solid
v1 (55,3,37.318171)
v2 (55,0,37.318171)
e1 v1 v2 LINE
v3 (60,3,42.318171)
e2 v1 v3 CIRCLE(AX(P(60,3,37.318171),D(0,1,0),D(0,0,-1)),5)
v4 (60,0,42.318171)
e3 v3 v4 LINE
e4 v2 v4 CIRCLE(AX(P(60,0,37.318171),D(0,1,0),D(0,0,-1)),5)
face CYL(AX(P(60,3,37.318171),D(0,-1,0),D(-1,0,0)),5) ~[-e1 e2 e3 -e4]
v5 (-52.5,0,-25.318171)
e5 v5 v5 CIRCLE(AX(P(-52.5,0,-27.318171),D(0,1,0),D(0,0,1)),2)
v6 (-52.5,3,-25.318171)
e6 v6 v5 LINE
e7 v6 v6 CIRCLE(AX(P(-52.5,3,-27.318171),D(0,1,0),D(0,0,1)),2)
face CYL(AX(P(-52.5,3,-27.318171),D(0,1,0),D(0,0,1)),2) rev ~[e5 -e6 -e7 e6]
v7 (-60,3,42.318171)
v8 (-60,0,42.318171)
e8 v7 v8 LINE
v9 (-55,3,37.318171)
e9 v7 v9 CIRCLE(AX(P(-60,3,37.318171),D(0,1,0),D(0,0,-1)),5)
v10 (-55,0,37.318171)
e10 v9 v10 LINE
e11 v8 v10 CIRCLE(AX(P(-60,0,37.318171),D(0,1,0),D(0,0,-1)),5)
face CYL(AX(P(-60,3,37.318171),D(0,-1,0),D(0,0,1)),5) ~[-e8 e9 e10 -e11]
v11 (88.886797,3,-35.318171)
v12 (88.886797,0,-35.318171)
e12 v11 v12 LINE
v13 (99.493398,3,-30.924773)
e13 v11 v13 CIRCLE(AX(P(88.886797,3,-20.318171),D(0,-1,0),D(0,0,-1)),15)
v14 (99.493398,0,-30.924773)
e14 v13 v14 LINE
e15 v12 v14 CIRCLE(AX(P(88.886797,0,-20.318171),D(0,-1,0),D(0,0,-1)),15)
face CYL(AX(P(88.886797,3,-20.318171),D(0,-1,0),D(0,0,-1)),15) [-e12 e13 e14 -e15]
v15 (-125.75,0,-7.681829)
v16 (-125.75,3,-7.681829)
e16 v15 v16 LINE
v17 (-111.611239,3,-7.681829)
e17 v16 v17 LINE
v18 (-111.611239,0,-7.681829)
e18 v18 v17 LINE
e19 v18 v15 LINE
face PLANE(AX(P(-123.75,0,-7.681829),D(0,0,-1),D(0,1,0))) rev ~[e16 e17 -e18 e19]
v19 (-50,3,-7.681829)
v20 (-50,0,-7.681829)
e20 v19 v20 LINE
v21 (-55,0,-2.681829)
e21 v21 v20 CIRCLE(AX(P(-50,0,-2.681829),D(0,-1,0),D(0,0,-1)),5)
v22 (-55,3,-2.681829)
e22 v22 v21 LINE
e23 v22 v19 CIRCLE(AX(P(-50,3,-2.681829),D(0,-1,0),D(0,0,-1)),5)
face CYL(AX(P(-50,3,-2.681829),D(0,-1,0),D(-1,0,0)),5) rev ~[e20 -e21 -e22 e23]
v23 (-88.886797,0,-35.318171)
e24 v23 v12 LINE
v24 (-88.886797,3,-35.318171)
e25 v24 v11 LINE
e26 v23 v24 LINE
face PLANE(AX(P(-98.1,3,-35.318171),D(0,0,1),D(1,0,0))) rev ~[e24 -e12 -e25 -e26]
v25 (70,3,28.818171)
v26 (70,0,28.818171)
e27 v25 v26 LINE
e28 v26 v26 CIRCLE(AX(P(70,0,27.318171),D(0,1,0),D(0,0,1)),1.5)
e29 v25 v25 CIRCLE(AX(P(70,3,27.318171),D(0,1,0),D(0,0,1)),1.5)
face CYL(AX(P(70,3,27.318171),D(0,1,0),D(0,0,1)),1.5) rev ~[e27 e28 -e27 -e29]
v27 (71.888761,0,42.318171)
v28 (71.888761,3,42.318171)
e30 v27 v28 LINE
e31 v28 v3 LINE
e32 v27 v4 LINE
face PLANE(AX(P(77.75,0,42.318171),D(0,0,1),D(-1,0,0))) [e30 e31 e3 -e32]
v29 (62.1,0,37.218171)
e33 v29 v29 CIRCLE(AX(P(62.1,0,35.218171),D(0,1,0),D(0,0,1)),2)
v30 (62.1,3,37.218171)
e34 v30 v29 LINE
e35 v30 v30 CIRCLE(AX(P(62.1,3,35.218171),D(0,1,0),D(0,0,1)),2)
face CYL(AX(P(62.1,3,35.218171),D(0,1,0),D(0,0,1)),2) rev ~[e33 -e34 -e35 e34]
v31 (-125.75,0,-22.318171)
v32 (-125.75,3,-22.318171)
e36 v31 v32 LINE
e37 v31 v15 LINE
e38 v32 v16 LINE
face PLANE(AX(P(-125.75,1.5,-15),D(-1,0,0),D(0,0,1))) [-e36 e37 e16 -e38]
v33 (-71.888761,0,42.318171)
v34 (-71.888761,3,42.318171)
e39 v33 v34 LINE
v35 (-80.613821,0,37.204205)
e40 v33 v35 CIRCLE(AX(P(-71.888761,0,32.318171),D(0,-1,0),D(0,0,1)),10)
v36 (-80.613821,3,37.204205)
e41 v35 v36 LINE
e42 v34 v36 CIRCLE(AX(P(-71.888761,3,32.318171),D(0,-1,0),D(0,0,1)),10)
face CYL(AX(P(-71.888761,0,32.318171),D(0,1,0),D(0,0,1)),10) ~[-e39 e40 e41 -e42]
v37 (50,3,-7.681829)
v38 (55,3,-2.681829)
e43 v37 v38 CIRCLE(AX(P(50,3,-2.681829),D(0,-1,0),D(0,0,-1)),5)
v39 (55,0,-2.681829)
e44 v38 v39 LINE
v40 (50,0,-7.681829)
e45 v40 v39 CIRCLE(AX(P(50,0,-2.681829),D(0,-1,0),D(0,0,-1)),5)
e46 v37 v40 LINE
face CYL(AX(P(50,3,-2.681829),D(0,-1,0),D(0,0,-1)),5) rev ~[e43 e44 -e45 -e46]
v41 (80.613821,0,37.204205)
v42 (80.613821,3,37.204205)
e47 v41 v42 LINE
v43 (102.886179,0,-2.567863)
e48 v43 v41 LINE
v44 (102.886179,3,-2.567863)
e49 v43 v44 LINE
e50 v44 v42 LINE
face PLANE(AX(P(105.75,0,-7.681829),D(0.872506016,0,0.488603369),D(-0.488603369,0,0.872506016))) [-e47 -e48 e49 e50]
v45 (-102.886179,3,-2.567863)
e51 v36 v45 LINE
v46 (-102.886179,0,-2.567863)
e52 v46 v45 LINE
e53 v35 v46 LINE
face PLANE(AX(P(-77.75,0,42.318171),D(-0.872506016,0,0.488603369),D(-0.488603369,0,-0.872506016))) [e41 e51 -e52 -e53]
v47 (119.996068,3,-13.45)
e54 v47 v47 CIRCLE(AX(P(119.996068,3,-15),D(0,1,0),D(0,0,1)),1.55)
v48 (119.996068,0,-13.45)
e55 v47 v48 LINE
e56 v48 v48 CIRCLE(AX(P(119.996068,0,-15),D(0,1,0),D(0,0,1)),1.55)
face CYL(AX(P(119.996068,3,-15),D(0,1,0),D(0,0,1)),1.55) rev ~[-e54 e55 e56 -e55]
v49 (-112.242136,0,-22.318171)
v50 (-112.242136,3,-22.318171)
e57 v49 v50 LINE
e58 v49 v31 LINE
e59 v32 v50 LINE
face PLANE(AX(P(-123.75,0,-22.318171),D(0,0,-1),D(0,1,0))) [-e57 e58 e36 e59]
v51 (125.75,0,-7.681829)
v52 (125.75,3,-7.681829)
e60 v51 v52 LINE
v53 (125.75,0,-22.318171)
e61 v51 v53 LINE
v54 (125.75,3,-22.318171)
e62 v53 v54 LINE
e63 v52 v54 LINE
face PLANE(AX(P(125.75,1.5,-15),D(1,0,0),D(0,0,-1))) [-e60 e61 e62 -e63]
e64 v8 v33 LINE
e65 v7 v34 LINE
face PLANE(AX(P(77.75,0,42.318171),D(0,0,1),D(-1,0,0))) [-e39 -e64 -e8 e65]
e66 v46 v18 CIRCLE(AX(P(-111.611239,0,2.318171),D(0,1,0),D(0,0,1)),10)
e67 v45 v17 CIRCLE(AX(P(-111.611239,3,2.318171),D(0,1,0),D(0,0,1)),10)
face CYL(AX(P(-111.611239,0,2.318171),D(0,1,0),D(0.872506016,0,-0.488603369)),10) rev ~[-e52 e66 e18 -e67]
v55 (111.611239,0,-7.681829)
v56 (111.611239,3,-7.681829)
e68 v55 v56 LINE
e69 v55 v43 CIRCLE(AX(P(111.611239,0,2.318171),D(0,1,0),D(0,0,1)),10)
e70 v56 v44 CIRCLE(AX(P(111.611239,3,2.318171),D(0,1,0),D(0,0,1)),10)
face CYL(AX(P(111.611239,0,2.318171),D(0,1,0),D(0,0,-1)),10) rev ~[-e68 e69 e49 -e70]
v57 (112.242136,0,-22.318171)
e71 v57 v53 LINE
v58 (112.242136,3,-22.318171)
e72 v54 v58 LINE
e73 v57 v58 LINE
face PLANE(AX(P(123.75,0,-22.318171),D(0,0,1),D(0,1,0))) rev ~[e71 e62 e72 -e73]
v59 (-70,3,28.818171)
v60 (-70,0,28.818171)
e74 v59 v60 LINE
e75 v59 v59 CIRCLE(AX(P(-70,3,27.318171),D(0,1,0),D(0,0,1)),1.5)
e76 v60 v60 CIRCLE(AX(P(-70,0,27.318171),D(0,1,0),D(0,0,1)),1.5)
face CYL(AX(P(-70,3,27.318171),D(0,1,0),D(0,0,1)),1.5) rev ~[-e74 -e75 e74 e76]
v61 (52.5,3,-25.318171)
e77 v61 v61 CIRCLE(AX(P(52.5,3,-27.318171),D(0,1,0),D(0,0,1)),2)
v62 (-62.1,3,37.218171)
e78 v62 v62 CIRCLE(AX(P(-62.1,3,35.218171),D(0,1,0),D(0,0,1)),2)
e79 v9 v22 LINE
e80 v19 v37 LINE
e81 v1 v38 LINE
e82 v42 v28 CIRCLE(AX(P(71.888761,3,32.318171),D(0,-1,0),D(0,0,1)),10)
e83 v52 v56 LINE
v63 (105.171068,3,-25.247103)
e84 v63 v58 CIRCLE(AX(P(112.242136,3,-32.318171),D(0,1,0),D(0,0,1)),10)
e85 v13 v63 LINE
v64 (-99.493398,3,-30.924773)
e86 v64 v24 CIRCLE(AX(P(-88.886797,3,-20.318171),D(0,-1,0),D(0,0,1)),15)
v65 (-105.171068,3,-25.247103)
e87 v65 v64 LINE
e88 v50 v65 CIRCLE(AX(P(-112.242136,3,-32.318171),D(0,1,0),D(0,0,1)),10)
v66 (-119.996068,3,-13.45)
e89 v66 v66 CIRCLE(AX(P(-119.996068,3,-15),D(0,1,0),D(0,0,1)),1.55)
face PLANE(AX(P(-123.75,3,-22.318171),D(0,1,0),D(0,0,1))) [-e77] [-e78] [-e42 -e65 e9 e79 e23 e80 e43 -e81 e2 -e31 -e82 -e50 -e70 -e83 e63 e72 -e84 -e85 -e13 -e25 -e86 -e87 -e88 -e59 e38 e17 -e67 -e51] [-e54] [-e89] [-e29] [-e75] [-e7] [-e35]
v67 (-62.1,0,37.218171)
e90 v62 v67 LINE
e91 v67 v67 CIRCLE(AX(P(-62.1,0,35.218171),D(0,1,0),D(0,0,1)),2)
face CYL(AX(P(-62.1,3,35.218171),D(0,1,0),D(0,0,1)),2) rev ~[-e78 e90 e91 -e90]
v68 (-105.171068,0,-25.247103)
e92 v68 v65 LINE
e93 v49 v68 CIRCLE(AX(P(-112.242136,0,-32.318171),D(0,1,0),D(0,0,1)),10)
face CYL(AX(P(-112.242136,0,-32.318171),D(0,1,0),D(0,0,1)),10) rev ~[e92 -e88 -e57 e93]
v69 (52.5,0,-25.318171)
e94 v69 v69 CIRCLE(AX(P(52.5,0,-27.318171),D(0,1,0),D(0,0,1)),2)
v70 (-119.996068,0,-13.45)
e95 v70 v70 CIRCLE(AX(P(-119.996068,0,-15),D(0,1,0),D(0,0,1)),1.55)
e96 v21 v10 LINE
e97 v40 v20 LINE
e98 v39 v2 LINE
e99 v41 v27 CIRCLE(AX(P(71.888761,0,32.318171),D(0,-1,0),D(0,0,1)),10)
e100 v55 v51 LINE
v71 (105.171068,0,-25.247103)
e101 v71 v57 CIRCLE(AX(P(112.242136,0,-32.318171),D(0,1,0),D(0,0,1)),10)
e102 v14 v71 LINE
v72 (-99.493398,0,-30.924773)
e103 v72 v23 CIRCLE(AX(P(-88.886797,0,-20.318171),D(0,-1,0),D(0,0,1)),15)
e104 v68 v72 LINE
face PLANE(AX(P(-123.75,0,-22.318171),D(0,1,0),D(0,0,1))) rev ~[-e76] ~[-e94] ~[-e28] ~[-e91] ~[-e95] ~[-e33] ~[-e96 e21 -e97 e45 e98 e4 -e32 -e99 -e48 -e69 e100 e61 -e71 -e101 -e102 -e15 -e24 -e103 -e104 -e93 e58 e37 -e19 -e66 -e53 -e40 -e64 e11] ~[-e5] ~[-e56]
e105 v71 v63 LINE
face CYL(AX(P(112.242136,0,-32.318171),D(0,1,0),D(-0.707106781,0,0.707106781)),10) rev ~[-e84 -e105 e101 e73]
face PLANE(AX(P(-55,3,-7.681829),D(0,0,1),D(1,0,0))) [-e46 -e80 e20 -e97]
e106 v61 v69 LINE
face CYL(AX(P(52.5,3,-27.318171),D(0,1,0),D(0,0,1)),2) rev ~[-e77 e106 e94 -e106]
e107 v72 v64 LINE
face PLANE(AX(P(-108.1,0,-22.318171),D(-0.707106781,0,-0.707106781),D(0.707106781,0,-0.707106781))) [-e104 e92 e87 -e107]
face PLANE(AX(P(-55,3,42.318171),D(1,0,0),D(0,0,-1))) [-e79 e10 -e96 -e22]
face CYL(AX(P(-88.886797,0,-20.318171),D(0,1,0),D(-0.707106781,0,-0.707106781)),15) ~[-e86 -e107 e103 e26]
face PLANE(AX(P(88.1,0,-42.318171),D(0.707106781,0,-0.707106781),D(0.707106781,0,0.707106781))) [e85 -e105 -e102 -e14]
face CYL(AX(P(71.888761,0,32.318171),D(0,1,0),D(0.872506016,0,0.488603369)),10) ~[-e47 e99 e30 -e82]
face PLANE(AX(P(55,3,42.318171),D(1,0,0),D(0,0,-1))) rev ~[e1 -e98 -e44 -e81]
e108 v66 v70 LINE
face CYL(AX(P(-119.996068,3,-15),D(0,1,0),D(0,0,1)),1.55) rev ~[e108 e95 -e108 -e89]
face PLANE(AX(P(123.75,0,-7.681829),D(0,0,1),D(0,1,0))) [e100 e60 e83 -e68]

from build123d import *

# Parameters (mm, degrees)
SALIENTE_EXTRUIR1_DEPTH = 3
REDONDEO1_R             = 10
CROQUIS2_R              = 1.5
CROQUIS2_R_2            = 1.55
CORTAR_EXTRUIR1_DEPTH   = 135.610141171
CROQUIS4_W              = 110
CROQUIS4_H              = 50
CORTAR_EXTRUIR2_DEPTH   = 135.610141171
REDONDEO2_R             = 5
CROQUIS5_W              = 4
CROQUIS5_H              = 14.636342218
CORTAR_EXTRUIR3_DEPTH   = 135.610141171
CROQUIS6_W              = 14.636342218
CROQUIS6_H              = 3
SALIENTE_EXTRUIR2_DEPTH = 2
CROQUIS8_W              = 14.636342218
CROQUIS8_H              = 3
SALIENTE_EXTRUIR3_DEPTH = 2
CROQUIS9_W              = 196.2
CROQUIS9_H              = 31.087527503
CORTAR_EXTRUIR4_DEPTH   = 133.713564137
CROQUIS10_R             = 2
CORTAR_EXTRUIR5_DEPTH   = 133.713564137
REDONDEO6_R             = 15
CROQUIS11_R             = 2
CORTAR_EXTRUIR6_DEPTH   = 10


with BuildPart() as part:
    # Croquis1 → Saliente-Extruir1 (new body)
    with BuildSketch(Plane(origin=(0, 0, 0), x_dir=(1, 0, 0), z_dir=(0, 1, 0))):
        Polygon((-88.1, 42.318171109), (88.1, 42.318171109), (108.1, 22.318171109), (127.75, 22.318171109), (127.75, 7.681828891), (105.75, 7.681828891), (77.75, -42.318171109), (-77.75, -42.318171109), (-105.75, 7.681828891), (-127.75, 7.681828891), (-127.75, 22.318171109), (-108.1, 22.318171109), align=None)
    extrude(amount=SALIENTE_EXTRUIR1_DEPTH)

    # Redondeo1
    redondeo1_edges = [part.edges().sort_by_distance(p)[0] for p in [
        (-88.1, 1.5, -42.318171109),
        (88.1, 1.5, -42.318171109),
        (108.1, 1.5, -22.318171109),
        (105.75, 1.5, -7.681828891),
        (77.75, 1.5, 42.318171109),
        (-77.75, 1.5, 42.318171109),
        (-105.75, 1.5, -7.681828891),
        (-108.1, 1.5, -22.318171109),
    ]]
    fillet(redondeo1_edges, radius=REDONDEO1_R)

    # Croquis2 → Cortar-Extruir1 (cut, through all)
    with BuildSketch(Plane(origin=(0, 3, 0), x_dir=(1, 0, 0), z_dir=(0, 1, 0))):
        with Locations(Location((70, -27.318171109, 0), (0, 0, 270))):
            Circle(CROQUIS2_R)
        with Locations(Location((-70, -27.318171109, 0), (0, 0, 270))):
            Circle(CROQUIS2_R)
        with Locations(Location((-119.996067812, 15, 0), (0, 0, 270))):
            Circle(CROQUIS2_R_2)
        with Locations(Location((119.996067812, 15, 0), (0, 0, 270))):
            Circle(CROQUIS2_R_2)
        with Locations(Location((-17.5, -17.318171109, 0), (0, 0, 270))):
            Circle(CROQUIS2_R)
        with Locations(Location((17.5, -17.318171109, 0), (0, 0, 270))):
            Circle(CROQUIS2_R)
        with Locations(Location((-17.5, -37.318171109, 0), (0, 0, 270))):
            Circle(CROQUIS2_R)
        with Locations(Location((17.5, -37.318171109, 0), (0, 0, 270))):
            Circle(CROQUIS2_R)
    extrude(amount=-CORTAR_EXTRUIR1_DEPTH, mode=Mode.SUBTRACT)

    # Croquis4 → Cortar-Extruir2 (cut, through all)
    with BuildSketch(Plane(origin=(0, 3, 0), x_dir=(1, 0, 0), z_dir=(0, 1, 0))):
        with Locations((0, -17.318171109)):
            Rectangle(CROQUIS4_W, CROQUIS4_H)
    extrude(amount=-CORTAR_EXTRUIR2_DEPTH, mode=Mode.SUBTRACT)

    # Redondeo2
    redondeo2_edges = [part.edges().sort_by_distance(p)[0] for p in [
        (55, 1.5, 42.318171109),
        (-55, 1.5, 42.318171109),
        (-55, 1.5, -7.681828891),
        (55, 1.5, -7.681828891),
    ]]
    fillet(redondeo2_edges, radius=REDONDEO2_R)

    # Croquis5 → Cortar-Extruir3 (cut, through all)
    with BuildSketch(Plane(origin=(0, 3, 0), x_dir=(1, 0, 0), z_dir=(0, 1, 0))):
        with Locations((-125.75, 15)):
            Rectangle(CROQUIS5_W, CROQUIS5_H)
        with Locations((125.75, 15)):
            Rectangle(CROQUIS5_W, CROQUIS5_H)
    extrude(amount=-CORTAR_EXTRUIR3_DEPTH, mode=Mode.SUBTRACT)

    # Croquis6 → Saliente-Extruir2 (add)
    with BuildSketch(Plane(origin=(123.75, 0, 0), x_dir=(0, 0, -1), z_dir=(1, 0, 0))):
        with Locations((15, 1.5)):
            Rectangle(CROQUIS6_W, CROQUIS6_H)
    extrude(amount=SALIENTE_EXTRUIR2_DEPTH)

    # Croquis8 → Saliente-Extruir3 (add)
    with BuildSketch(Plane.ZY.offset(123.75)):
        with Locations((-15, 1.5)):
            Rectangle(CROQUIS8_W, CROQUIS8_H)
    extrude(amount=SALIENTE_EXTRUIR3_DEPTH)

    # Croquis9 → Cortar-Extruir4 (cut, through all)
    with BuildSketch(Plane(origin=(0, 3, 0), x_dir=(1, 0, 0), z_dir=(0, 1, 0))):
        with Locations((0, 50.861934861)):
            Rectangle(CROQUIS9_W, CROQUIS9_H)
    extrude(amount=-CORTAR_EXTRUIR4_DEPTH, mode=Mode.SUBTRACT)

    # Croquis10 → Cortar-Extruir5 (cut, through all)
    with BuildSketch(Plane(origin=(0, 3, 0), x_dir=(1, 0, 0), z_dir=(0, 1, 0))):
        with Locations(Location((-52.5, 27.318171109, 0), (0, 0, 270))):
            Circle(CROQUIS10_R)
        with Locations(Location((52.5, 27.318171109, 0), (0, 0, 270))):
            Circle(CROQUIS10_R)
    extrude(amount=-CORTAR_EXTRUIR5_DEPTH, mode=Mode.SUBTRACT)

    # Redondeo6
    redondeo6_edges = [part.edges().sort_by_distance(p)[0] for p in [
        (-95.1, 1.5, -35.318171109),
        (95.1, 1.5, -35.318171109),
    ]]
    fillet(redondeo6_edges, radius=REDONDEO6_R)

    # Croquis11 → Cortar-Extruir6 (cut)
    with BuildSketch(Plane(origin=(0, 3, 0), x_dir=(1, 0, 0), z_dir=(0, 1, 0))):
        with Locations(Location((-62.1, -35.218171109, 0), (0, 0, 270))):
            Circle(CROQUIS11_R)
        with Locations(Location((62.1, -35.218171109, 0), (0, 0, 270))):
            Circle(CROQUIS11_R)
    extrude(amount=-CORTAR_EXTRUIR6_DEPTH, mode=Mode.SUBTRACT)


solid = part.part
